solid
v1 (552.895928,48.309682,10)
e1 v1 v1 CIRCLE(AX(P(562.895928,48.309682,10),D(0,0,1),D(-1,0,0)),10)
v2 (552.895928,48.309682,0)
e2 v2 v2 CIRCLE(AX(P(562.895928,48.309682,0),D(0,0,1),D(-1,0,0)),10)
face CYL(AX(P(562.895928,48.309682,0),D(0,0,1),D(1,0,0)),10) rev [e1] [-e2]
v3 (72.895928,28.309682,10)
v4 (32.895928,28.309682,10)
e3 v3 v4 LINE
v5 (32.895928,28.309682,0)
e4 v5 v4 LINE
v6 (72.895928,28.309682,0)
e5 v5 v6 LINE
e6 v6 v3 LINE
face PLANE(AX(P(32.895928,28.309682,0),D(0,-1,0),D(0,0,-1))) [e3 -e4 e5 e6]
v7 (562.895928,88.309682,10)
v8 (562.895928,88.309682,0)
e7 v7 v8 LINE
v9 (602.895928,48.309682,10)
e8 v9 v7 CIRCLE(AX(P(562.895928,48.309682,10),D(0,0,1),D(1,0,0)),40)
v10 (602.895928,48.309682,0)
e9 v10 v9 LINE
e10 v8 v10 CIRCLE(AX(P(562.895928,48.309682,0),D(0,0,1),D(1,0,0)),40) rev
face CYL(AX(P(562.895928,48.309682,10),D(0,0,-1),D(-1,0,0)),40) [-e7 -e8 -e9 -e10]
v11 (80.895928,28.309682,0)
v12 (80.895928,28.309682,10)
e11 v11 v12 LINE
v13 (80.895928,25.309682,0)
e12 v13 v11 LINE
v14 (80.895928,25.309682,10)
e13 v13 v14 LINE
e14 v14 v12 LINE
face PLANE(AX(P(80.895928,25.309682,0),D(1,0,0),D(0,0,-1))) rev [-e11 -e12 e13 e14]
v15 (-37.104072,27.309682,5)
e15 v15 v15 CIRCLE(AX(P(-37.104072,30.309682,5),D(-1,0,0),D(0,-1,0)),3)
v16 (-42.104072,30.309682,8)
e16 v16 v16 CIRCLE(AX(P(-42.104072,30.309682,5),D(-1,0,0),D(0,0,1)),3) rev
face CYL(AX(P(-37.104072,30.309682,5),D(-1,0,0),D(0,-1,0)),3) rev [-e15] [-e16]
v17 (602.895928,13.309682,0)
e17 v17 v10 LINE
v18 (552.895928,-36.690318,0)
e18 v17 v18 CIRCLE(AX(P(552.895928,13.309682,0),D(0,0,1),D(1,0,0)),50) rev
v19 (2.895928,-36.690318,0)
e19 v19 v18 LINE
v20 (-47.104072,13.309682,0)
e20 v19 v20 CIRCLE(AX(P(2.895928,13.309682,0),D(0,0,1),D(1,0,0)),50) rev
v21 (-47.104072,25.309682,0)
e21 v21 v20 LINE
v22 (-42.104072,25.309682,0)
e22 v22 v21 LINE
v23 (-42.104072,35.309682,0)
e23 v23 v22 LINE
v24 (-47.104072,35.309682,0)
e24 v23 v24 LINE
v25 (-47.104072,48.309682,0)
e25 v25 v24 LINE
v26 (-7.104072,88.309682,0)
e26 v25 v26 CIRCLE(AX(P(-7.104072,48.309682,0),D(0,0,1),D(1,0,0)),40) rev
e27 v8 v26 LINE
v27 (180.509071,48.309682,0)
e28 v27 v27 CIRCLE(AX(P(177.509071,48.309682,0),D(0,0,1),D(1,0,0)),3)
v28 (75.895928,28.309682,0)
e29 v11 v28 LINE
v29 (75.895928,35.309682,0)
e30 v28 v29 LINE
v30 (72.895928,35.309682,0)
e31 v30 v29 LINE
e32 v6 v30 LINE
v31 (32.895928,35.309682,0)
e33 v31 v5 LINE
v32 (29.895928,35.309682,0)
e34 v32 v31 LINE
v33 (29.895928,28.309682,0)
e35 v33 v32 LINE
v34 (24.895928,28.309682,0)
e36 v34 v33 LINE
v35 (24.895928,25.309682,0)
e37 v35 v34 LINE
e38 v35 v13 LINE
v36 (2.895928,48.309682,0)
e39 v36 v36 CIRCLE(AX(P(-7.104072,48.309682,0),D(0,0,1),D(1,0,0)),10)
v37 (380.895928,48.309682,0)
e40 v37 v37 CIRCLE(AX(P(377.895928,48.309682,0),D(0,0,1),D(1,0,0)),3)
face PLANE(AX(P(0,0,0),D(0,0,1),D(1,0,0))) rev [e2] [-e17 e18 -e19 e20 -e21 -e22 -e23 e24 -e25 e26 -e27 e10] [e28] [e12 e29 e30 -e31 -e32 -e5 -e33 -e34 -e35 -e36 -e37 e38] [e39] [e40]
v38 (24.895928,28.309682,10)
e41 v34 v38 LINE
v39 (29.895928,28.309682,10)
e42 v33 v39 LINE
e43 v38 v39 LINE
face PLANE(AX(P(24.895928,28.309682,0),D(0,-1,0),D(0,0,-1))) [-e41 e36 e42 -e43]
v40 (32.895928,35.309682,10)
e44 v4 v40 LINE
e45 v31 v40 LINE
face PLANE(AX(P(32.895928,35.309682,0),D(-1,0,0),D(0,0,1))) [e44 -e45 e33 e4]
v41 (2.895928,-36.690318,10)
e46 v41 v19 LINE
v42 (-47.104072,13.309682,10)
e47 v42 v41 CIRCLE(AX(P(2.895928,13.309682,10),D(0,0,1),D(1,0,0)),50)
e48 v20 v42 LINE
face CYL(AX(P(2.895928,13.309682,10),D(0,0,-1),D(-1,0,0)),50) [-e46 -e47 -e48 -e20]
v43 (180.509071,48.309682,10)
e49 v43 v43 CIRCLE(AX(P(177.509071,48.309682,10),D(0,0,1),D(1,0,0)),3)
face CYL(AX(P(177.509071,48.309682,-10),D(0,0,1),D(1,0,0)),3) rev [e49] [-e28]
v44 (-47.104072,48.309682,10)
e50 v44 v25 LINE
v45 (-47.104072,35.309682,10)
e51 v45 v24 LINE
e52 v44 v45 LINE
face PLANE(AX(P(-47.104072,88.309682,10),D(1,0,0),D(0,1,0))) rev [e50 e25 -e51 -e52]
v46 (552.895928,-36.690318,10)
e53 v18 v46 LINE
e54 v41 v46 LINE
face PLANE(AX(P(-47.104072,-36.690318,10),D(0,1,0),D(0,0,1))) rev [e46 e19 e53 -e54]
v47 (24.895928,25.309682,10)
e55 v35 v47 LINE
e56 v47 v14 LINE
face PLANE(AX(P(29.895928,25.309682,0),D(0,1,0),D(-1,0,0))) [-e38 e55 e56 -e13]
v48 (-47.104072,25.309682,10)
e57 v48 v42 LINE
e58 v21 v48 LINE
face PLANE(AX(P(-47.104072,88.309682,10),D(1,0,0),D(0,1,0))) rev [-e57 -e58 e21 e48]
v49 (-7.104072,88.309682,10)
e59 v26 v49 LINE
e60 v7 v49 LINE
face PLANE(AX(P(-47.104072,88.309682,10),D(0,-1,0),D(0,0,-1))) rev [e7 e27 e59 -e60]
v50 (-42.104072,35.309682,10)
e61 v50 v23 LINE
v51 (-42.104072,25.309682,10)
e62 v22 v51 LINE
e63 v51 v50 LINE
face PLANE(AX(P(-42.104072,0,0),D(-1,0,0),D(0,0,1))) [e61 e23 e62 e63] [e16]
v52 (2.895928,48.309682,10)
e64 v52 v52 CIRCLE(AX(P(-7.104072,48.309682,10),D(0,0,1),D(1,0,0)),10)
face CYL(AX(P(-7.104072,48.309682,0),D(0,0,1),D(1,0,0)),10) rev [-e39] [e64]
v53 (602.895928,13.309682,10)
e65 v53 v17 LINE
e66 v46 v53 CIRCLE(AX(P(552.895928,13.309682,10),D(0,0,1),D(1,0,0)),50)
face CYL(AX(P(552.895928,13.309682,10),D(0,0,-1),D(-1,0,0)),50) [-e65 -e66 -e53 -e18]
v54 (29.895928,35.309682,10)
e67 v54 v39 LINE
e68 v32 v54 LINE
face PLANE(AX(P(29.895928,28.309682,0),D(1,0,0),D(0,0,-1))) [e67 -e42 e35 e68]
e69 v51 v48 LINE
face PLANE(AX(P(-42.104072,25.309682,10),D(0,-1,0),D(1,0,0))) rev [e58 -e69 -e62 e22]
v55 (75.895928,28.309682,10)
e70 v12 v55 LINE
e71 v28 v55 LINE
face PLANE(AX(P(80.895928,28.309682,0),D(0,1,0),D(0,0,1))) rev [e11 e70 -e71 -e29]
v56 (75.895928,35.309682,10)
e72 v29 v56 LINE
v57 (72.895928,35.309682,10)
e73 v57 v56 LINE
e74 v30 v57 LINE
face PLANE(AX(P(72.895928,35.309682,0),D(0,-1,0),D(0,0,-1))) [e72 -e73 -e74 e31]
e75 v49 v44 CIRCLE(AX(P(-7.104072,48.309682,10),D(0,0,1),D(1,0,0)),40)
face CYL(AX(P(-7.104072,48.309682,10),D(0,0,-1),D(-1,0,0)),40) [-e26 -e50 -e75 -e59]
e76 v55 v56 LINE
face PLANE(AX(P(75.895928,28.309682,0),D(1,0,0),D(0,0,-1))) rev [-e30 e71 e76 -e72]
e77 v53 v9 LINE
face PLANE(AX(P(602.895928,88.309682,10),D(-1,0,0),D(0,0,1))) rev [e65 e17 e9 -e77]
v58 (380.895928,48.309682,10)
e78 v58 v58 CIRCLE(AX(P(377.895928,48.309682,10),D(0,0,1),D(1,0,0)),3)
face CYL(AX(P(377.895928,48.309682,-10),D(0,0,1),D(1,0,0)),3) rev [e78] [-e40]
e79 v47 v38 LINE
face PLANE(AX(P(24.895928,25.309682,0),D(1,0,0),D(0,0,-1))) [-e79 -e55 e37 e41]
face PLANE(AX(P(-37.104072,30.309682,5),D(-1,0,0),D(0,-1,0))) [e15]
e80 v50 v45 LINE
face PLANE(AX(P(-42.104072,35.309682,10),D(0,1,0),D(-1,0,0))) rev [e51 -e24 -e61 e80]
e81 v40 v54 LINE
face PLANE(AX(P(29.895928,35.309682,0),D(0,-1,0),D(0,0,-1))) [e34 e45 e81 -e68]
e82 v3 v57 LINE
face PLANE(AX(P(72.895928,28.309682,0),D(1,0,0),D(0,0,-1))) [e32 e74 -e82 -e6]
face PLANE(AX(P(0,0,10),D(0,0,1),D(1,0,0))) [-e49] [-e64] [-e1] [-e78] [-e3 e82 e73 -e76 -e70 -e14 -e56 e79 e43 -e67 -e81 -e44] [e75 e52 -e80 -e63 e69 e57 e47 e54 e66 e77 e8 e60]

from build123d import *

# Parameters (mm, degrees)
SKETCH1_W           = 650
SKETCH1_H           = 125
BOSS_EXTRUDE1_DEPTH = 10
SKETCH2_R           = 10
CUT_EXTRUDE2_DEPTH  = 10
SKETCH3_R           = 10
CUT_EXTRUDE3_DEPTH  = 10
BOSS_EXTRUDE3_DEPTH = 20
SKETCH5_W           = 26
SKETCH5_H           = 3
CUT_EXTRUDE4_DEPTH  = 20
BOSS_EXTRUDE4_DEPTH = 20
SKETCH8_R           = 3
CUT_EXTRUDE5_DEPTH  = 20
FILLET1_R           = 50
FILLET2_R           = 40
FILLET3_R           = 50
FILLET4_R           = 40
SKETCH9_R           = 3
CUT_EXTRUDE6_DEPTH  = 10
SKETCH10_W          = 10
SKETCH10_H          = 10
CUT_EXTRUDE7_DEPTH  = 5
CUT_EXTRUDE8_DEPTH  = 30
SKETCH12_W          = 133
SKETCH12_H          = 20
CUT_EXTRUDE9_DEPTH  = 100
SKETCH13_W          = 20
SKETCH13_H          = 36
CUT_EXTRUDE10_DEPTH = 100


with BuildPart() as part:
    # Sketch1 → Boss-Extrude1 (new body)
    with BuildSketch(Plane.XY):
        with Locations((277.89592831, 25.809681948)):
            Rectangle(SKETCH1_W, SKETCH1_H)
    extrude(amount=BOSS_EXTRUDE1_DEPTH)

    # Sketch2 → Cut-Extrude2 (cut)
    with BuildSketch(Plane.XY.offset(10)):
        with Locations((-7.10407169, 48.309681948)):
            Circle(SKETCH2_R)
    extrude(amount=-CUT_EXTRUDE2_DEPTH, mode=Mode.SUBTRACT)

    # Sketch3 → Cut-Extrude3 (cut)
    with BuildSketch(Plane.XY.offset(10)):
        with Locations((562.89592831, 48.309681948)):
            Circle(SKETCH3_R)
    extrude(amount=-CUT_EXTRUDE3_DEPTH, mode=Mode.SUBTRACT)

    # Sketch4 → Boss-Extrude3 (add)
    with BuildSketch(Plane.XY.offset(10)):
        Polygon((32.89592831, 68.309681948), (72.89592831, 68.309681948), (72.89592831, 28.309681948), (32.89592831, 28.309681948), (32.89592831, 35.309681948), (29.89592831, 35.309681948), (29.89592831, 25.309681948), (75.89592831, 25.309681948), (75.89592831, 71.309681948), (29.89592831, 71.309681948), (29.89592831, 61.309681948), (32.89592831, 61.309681948), align=None)
    extrude(amount=BOSS_EXTRUDE3_DEPTH)

    # Sketch5 → Cut-Extrude4 (cut)
    with BuildSketch(Plane.XY.offset(30)):
        with Locations((52.89592831, 69.809681948)):
            Rectangle(SKETCH5_W, SKETCH5_H)
    extrude(amount=-CUT_EXTRUDE4_DEPTH, mode=Mode.SUBTRACT)

    # Sketch7 → Boss-Extrude4 (add)
    with BuildSketch(Plane.XY.offset(10)):
        Polygon((527.89592831, -36.690318052), (463.89592831, -36.690318052), (463.89592831, 25.309681948), (465.89592831, 25.309681948), (465.89592831, -34.690318052), (525.89592831, -34.690318052), (525.89592831, 25.309681948), (527.89592831, 25.309681948), align=None)
        Polygon((458.89592831, 25.309681948), (458.89592831, -36.690318052), (394.89592831, -36.690318052), (394.89592831, 25.309681948), (396.89592831, 25.309681948), (396.89592831, -34.690318052), (456.89592831, -34.690318052), (456.89592831, 25.309681948), align=None)
    extrude(amount=BOSS_EXTRUDE4_DEPTH)

    # Sketch8 → Cut-Extrude5 (cut)
    with BuildSketch(Plane.XY.offset(10)):
        with Locations((177.509070801, 48.309681948)):
            Circle(SKETCH8_R)
        with Locations((377.89592831, 48.309681948)):
            Circle(SKETCH8_R)
    extrude(amount=-CUT_EXTRUDE5_DEPTH, mode=Mode.SUBTRACT)

    # Fillet1
    fillet1_edges = [part.edges().sort_by_distance(p)[0] for p in [
        (602.89592831, -36.690318052, 5),
    ]]
    fillet(fillet1_edges, radius=FILLET1_R)

    # Fillet2
    fillet2_edges = [part.edges().sort_by_distance(p)[0] for p in [
        (602.89592831, 88.309681948, 5),
    ]]
    fillet(fillet2_edges, radius=FILLET2_R)

    # Fillet3
    fillet3_edges = [part.edges().sort_by_distance(p)[0] for p in [
        (-47.10407169, -36.690318052, 5),
    ]]
    fillet(fillet3_edges, radius=FILLET3_R)

    # Fillet4
    fillet4_edges = [part.edges().sort_by_distance(p)[0] for p in [
        (-47.10407169, 88.309681948, 5),
    ]]
    fillet(fillet4_edges, radius=FILLET4_R)

    # Sketch9 → Cut-Extrude6 (cut)
    with BuildSketch(Plane.ZY.offset(47.10407169)):
        with Locations((5, 30.309681948)):
            Circle(SKETCH9_R)
    extrude(amount=-CUT_EXTRUDE6_DEPTH, mode=Mode.SUBTRACT)

    # Sketch10 → Cut-Extrude7 (cut)
    with BuildSketch(Plane.ZY.offset(47.10407169)):
        with Locations((5, 30.309681948)):
            Rectangle(SKETCH10_W, SKETCH10_H)
    extrude(amount=-CUT_EXTRUDE7_DEPTH, mode=Mode.SUBTRACT)

    # Sketch11 → Cut-Extrude8 (cut)
    with BuildSketch(Plane.XY.offset(30)):
        Polygon((29.89592831, 35.309681948), (32.89592831, 35.309681948), (32.89592831, 28.309681948), (72.89592831, 28.309681948), (72.89592831, 35.309681948), (75.89592831, 35.309681948), (75.89592831, 28.309681948), (80.89592831, 28.309681948), (80.89592831, 25.309681948), (75.89592831, 25.309681948), (29.89592831, 25.309681948), (24.89592831, 25.309681948), (24.89592831, 28.309681948), (29.89592831, 28.309681948), align=None)
    extrude(amount=-CUT_EXTRUDE8_DEPTH, mode=Mode.SUBTRACT)

    # Sketch12 → Cut-Extrude9 (cut)
    with BuildSketch(Plane.XZ.offset(36.690318052)):
        with Locations((461.39592831, 20)):
            Rectangle(SKETCH12_W, SKETCH12_H)
    extrude(amount=-CUT_EXTRUDE9_DEPTH, mode=Mode.SUBTRACT)

    # Sketch13 → Cut-Extrude10 (cut)
    with BuildSketch(Plane(origin=(75.89592831, 0, 0), x_dir=(0, 0, -1), z_dir=(1, 0, 0))):
        with Locations((-20, 53.309681948)):
            Rectangle(SKETCH13_W, SKETCH13_H)
    extrude(amount=-CUT_EXTRUDE10_DEPTH, mode=Mode.SUBTRACT)


solid = part.part
